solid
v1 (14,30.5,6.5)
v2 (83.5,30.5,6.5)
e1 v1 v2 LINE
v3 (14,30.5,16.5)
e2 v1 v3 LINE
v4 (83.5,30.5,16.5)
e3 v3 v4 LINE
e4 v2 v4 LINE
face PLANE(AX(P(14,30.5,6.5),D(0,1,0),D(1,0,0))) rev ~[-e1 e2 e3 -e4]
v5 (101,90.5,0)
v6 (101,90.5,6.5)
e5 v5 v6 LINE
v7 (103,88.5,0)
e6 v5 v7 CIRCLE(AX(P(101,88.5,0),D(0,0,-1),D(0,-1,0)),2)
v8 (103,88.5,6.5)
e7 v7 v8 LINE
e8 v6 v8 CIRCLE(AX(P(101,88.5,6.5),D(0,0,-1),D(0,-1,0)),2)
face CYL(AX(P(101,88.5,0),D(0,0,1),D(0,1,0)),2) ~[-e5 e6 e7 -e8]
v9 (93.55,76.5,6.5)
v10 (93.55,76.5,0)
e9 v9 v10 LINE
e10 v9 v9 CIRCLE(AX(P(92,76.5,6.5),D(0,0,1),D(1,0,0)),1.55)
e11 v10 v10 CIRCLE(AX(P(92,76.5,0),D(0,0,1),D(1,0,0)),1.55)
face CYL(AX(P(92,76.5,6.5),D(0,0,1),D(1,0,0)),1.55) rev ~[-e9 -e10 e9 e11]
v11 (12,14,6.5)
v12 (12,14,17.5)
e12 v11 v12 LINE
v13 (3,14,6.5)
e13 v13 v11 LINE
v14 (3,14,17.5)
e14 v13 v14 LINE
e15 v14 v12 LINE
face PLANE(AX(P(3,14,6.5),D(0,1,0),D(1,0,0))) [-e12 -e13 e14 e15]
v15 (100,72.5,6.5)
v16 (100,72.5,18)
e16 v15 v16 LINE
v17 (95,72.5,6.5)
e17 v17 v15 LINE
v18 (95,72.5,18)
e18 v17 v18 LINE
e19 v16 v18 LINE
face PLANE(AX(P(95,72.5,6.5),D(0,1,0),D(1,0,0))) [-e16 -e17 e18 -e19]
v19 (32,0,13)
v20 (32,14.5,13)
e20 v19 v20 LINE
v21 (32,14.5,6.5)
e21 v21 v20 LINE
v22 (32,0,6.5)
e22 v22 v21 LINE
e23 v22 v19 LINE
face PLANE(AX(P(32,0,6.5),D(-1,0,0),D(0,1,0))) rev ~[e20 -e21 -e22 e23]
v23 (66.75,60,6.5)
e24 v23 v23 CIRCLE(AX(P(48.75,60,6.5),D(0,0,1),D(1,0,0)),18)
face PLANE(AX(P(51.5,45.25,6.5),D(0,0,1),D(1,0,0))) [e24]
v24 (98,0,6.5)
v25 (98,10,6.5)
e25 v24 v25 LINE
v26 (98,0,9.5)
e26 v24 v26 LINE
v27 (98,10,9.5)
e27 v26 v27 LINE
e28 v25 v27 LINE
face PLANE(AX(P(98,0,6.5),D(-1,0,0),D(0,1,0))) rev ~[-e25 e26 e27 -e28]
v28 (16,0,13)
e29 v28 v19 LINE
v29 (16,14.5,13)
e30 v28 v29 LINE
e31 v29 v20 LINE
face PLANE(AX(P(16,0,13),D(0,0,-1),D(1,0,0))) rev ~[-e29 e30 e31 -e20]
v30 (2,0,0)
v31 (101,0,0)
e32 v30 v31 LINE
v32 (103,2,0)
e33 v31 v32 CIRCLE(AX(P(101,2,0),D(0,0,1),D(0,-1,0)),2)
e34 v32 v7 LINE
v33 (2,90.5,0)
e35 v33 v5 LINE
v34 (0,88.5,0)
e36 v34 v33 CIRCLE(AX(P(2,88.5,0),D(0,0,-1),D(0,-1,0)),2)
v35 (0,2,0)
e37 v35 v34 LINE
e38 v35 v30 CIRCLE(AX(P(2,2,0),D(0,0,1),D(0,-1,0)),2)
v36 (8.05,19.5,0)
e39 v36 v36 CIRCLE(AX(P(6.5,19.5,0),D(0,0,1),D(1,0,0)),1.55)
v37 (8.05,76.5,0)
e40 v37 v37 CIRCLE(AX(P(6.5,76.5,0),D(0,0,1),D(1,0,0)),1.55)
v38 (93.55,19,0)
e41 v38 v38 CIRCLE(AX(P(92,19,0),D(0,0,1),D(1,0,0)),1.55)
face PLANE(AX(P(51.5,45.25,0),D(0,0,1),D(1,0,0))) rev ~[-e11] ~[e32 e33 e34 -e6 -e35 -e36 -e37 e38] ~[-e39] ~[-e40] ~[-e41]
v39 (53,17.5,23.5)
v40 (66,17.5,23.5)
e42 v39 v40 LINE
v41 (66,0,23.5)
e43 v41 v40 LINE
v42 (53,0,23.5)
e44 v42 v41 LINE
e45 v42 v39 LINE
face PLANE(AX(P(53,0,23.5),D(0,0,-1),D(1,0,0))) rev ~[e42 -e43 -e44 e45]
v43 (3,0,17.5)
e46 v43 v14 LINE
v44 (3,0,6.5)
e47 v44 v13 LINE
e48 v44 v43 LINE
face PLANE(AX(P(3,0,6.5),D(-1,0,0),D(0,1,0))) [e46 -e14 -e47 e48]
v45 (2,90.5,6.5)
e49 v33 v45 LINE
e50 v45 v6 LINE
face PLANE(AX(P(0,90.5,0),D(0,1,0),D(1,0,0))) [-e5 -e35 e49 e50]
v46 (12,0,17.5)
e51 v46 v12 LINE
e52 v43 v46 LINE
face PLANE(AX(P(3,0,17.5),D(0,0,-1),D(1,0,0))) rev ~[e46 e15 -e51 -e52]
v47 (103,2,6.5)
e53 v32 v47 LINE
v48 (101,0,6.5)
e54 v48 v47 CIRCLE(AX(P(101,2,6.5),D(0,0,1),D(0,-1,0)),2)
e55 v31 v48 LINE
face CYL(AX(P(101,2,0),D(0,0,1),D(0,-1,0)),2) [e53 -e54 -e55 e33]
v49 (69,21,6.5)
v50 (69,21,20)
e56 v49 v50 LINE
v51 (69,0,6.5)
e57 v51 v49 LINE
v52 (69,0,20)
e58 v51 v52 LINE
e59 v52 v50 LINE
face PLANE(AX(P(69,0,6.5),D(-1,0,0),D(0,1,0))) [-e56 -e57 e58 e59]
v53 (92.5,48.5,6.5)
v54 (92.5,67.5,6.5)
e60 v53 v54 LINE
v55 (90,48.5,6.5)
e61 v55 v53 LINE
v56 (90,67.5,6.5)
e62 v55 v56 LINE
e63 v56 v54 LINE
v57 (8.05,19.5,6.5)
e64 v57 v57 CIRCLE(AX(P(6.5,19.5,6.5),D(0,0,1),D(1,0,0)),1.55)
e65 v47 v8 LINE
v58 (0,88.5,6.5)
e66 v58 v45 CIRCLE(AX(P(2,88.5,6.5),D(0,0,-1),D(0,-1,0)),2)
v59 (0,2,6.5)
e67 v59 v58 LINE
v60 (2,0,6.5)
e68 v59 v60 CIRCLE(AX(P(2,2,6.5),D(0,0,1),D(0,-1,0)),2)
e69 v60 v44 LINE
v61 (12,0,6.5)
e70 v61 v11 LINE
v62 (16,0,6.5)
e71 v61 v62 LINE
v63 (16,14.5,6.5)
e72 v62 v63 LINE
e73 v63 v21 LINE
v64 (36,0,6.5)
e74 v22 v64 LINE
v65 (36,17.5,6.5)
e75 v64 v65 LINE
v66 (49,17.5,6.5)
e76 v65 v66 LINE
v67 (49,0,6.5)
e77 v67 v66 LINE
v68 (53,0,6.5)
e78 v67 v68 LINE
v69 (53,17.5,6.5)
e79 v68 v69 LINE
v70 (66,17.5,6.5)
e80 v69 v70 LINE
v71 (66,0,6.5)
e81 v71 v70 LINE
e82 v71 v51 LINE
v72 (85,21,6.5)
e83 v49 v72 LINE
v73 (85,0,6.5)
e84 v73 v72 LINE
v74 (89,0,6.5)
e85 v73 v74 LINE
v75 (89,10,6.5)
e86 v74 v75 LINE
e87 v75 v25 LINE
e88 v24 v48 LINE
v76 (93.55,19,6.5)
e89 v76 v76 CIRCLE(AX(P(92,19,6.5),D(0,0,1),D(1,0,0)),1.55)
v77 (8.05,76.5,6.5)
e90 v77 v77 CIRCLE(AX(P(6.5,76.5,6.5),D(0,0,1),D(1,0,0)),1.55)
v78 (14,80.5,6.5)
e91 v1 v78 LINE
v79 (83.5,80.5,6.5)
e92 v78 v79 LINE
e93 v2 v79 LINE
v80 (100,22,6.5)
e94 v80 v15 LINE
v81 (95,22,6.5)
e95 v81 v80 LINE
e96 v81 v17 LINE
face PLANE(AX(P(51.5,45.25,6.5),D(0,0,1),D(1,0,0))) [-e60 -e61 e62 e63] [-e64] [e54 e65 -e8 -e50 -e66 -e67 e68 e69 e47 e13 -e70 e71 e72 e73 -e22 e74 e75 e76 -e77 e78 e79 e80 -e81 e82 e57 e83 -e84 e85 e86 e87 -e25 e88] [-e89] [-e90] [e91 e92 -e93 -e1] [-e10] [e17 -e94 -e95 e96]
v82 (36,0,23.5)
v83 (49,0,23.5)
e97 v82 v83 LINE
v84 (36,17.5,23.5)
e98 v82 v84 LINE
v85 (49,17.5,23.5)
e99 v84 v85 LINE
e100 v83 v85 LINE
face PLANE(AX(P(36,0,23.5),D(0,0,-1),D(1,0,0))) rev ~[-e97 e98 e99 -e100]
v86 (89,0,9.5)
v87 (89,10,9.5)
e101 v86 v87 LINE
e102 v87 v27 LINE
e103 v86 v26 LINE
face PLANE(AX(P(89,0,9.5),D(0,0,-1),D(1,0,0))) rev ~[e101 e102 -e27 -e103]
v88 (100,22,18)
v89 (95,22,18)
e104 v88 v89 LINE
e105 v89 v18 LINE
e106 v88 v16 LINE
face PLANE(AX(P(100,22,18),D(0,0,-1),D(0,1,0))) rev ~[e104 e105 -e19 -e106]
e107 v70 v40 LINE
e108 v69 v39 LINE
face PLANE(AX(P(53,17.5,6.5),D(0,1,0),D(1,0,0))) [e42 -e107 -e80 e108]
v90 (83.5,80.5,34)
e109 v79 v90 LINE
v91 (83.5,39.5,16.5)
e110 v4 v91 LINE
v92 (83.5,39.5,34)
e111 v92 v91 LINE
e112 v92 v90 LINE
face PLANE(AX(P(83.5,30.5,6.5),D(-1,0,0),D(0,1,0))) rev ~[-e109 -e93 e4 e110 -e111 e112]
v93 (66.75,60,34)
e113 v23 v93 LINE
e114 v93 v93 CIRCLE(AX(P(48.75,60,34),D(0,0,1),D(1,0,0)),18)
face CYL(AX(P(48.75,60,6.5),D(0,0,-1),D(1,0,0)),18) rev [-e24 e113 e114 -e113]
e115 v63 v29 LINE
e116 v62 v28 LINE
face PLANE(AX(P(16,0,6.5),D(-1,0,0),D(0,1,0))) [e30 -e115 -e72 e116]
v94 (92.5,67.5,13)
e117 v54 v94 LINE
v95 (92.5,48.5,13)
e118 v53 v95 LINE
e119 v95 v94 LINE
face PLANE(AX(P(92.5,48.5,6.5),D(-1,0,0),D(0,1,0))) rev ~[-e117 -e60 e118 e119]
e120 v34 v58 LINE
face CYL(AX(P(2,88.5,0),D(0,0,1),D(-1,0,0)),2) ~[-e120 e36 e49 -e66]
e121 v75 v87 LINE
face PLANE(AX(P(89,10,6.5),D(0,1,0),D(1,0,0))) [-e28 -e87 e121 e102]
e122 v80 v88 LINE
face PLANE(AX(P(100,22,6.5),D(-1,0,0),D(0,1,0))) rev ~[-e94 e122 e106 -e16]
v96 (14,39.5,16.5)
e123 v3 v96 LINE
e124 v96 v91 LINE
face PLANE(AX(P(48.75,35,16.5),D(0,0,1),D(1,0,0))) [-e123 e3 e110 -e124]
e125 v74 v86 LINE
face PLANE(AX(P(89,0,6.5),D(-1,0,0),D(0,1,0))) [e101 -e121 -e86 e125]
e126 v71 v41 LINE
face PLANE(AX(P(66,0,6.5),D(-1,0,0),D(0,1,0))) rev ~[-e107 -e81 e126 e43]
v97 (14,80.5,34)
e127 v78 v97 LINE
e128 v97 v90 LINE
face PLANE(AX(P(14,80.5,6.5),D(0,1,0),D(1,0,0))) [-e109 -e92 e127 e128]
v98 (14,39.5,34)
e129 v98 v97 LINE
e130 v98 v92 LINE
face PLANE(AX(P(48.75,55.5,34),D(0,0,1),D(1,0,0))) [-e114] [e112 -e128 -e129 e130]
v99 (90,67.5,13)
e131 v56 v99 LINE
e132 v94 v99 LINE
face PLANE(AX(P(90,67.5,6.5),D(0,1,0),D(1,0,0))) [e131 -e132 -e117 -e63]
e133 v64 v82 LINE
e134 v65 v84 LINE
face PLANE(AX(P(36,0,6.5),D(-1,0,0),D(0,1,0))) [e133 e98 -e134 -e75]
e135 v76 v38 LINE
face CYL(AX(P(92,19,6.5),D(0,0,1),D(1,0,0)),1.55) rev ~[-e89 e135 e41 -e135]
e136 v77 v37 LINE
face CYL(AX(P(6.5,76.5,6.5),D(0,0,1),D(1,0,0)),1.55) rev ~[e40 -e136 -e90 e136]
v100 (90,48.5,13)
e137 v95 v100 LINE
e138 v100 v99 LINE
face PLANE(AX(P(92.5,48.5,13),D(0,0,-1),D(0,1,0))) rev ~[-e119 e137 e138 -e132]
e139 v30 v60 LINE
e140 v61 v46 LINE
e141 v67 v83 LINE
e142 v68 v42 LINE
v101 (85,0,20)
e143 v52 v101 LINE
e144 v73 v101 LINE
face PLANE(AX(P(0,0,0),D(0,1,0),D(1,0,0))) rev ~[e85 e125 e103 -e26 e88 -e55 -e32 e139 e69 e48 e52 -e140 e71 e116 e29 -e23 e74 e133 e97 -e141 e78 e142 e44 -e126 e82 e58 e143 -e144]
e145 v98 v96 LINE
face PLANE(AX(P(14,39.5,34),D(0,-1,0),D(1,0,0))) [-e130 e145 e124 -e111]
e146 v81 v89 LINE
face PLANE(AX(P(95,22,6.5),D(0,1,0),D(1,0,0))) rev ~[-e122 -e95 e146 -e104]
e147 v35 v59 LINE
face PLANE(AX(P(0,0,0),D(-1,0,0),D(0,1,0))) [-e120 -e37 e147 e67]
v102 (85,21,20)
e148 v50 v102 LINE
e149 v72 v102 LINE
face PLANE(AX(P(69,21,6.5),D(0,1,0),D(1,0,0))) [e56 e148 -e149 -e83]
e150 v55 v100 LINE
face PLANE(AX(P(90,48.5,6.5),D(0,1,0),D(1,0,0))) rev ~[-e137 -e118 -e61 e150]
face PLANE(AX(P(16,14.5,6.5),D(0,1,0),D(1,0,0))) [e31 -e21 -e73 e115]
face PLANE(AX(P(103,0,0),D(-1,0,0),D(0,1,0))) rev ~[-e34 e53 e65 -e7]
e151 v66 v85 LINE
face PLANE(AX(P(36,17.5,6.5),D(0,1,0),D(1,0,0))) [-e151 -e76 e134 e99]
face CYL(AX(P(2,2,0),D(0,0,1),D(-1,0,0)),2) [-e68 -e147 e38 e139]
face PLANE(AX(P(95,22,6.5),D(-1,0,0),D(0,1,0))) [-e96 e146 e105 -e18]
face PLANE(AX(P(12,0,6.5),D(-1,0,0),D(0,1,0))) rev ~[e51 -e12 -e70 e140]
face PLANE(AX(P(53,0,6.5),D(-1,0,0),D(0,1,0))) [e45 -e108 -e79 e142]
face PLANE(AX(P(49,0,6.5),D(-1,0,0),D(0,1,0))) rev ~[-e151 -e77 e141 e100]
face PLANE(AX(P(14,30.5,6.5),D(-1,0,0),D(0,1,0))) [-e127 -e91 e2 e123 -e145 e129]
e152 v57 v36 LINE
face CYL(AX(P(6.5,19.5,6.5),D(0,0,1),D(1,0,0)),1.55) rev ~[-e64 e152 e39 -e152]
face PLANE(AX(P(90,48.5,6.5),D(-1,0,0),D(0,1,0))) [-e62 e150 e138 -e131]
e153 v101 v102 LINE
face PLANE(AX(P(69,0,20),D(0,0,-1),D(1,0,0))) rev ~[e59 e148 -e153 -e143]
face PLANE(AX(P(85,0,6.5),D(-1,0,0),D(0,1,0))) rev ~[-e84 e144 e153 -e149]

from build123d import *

# Parameters (mm, degrees)
SKETCH_1_W          = 103
SKETCH_1_H          = 90.5
EXTRUDE_1_DEPTH     = 6.5
SKETCH_2_W          = 9
SKETCH_2_H          = 14
SKETCH_2_W_2        = 16
SKETCH_2_H_2        = 14.5
SKETCH_2_W_3        = 13
SKETCH_2_H_3        = 17.5
SKETCH_2_H_4        = 21
SKETCH_2_H_5        = 10
SKETCH_2_W_4        = 69.5
SKETCH_2_H_6        = 50
SKETCH_2_R          = 18
SKETCH_2_W_5        = 2.5
SKETCH_2_H_7        = 19
SKETCH_2_W_6        = 5
SKETCH_2_H_8        = 50.5
EXTRUDE_2_DEPTH     = 27.5
CUT_EXTRUDE_1_REACH = 143.263
SKETCH_3_W          = 9
SKETCH_3_H          = 16.5
SKETCH_3_W_2        = 16
SKETCH_3_H_2        = 21
SKETCH_3_W_3        = 13
SKETCH_3_H_3        = 10.5
SKETCH_3_H_4        = 14
SKETCH_3_H_5        = 24.5
SKETCH_4_W          = 69.5
SKETCH_4_H          = 9
CUT_EXTRUDE_2_DEPTH = 17.5
SKETCH_5_R          = 1.55
CUT_EXTRUDE_3_DEPTH = 140.840981118
CUT_EXTRUDE_4_REACH = 135.8
SKETCH_6_W          = 21
SKETCH_6_H          = 19
CUT_EXTRUDE_5_REACH = 141.091
SKETCH_7_W          = 16
SKETCH_7_H          = 50.5
FILLET_1_R          = 2


with BuildPart() as part:
    # 草图1 → 凸台-拉伸1 (new body)
    with BuildSketch(Plane.XY):
        with Locations((51.5, 45.25)):
            Rectangle(SKETCH_1_W, SKETCH_1_H)
    extrude(amount=EXTRUDE_1_DEPTH)

    # 草图2 → 凸台-拉伸2 (add)
    # profile 1 of 9: a face of its own
    with BuildSketch(Plane.XY.offset(6.5)):
        with Locations((7.5, 7)):
            Rectangle(SKETCH_2_W, SKETCH_2_H)
    # profile 2 of 9: a face of its own
    with BuildSketch(Plane.XY.offset(6.5)):
        with Locations((24, 7.25)):
            Rectangle(SKETCH_2_W_2, SKETCH_2_H_2)
    # profile 3 of 9: a face of its own
    with BuildSketch(Plane.XY.offset(6.5)):
        with Locations((42.5, 8.75)):
            Rectangle(SKETCH_2_W_3, SKETCH_2_H_3)
    # profile 4 of 9: a face of its own
    with BuildSketch(Plane.XY.offset(6.5)):
        with Locations((59.5, 8.75)):
            Rectangle(SKETCH_2_W_3, SKETCH_2_H_3)
    # profile 5 of 9: a face of its own
    with BuildSketch(Plane.XY.offset(6.5)):
        with Locations((77, 10.5)):
            Rectangle(SKETCH_2_W_2, SKETCH_2_H_4)
    # profile 6 of 9: a face of its own
    with BuildSketch(Plane.XY.offset(6.5)):
        with Locations((93.5, 5)):
            Rectangle(SKETCH_2_W, SKETCH_2_H_5)
    # profile 7 of 9: a face of its own
    with BuildSketch(Plane.XY.offset(6.5)):
        with Locations((48.75, 55.5)):
            Rectangle(SKETCH_2_W_4, SKETCH_2_H_6)
        with Locations((48.75, 60)):
            Circle(SKETCH_2_R, mode=Mode.SUBTRACT)
    # profile 8 of 9: a face of its own
    with BuildSketch(Plane.XY.offset(6.5)):
        with Locations((91.25, 58)):
            Rectangle(SKETCH_2_W_5, SKETCH_2_H_7)
    # profile 9 of 9: a face of its own
    with BuildSketch(Plane.XY.offset(6.5)):
        with Locations((97.5, 47.25)):
            Rectangle(SKETCH_2_W_6, SKETCH_2_H_8)
    extrude(amount=EXTRUDE_2_DEPTH)

    # 草图3 → 切除-拉伸1 (cut, up to next)
    with BuildSketch(Plane.XZ, mode=Mode.PRIVATE) as cut_extrude_1_sk1:
        with Locations((7.5, 25.75)):
            Rectangle(SKETCH_3_W, SKETCH_3_H)
    cut_extrude_1_tool1 = extrude(cut_extrude_1_sk1.sketch, amount=-CUT_EXTRUDE_1_REACH, mode=Mode.PRIVATE) & part.part
    # 草图3 → 切除-拉伸1 (cut, up to next)
    with BuildSketch(Plane.XZ, mode=Mode.PRIVATE) as cut_extrude_1_sk2:
        with Locations((24, 23.5)):
            Rectangle(SKETCH_3_W_2, SKETCH_3_H_2)
    cut_extrude_1_tool2 = extrude(cut_extrude_1_sk2.sketch, amount=-CUT_EXTRUDE_1_REACH, mode=Mode.PRIVATE) & part.part
    # 草图3 → 切除-拉伸1 (cut, up to next)
    with BuildSketch(Plane.XZ, mode=Mode.PRIVATE) as cut_extrude_1_sk3:
        with Locations((42.5, 28.75)):
            Rectangle(SKETCH_3_W_3, SKETCH_3_H_3)
    cut_extrude_1_tool3 = extrude(cut_extrude_1_sk3.sketch, amount=-CUT_EXTRUDE_1_REACH, mode=Mode.PRIVATE) & part.part
    # 草图3 → 切除-拉伸1 (cut, up to next)
    with BuildSketch(Plane.XZ, mode=Mode.PRIVATE) as cut_extrude_1_sk4:
        with Locations((59.5, 28.75)):
            Rectangle(SKETCH_3_W_3, SKETCH_3_H_3)
    cut_extrude_1_tool4 = extrude(cut_extrude_1_sk4.sketch, amount=-CUT_EXTRUDE_1_REACH, mode=Mode.PRIVATE) & part.part
    # 草图3 → 切除-拉伸1 (cut, up to next)
    with BuildSketch(Plane.XZ, mode=Mode.PRIVATE) as cut_extrude_1_sk5:
        with Locations((77, 27)):
            Rectangle(SKETCH_3_W_2, SKETCH_3_H_4)
    cut_extrude_1_tool5 = extrude(cut_extrude_1_sk5.sketch, amount=-CUT_EXTRUDE_1_REACH, mode=Mode.PRIVATE) & part.part
    # 草图3 → 切除-拉伸1 (cut, up to next)
    with BuildSketch(Plane.XZ, mode=Mode.PRIVATE) as cut_extrude_1_sk6:
        with Locations((93.5, 21.75)):
            Rectangle(SKETCH_3_W, SKETCH_3_H_5)
    cut_extrude_1_tool6 = extrude(cut_extrude_1_sk6.sketch, amount=-CUT_EXTRUDE_1_REACH, mode=Mode.PRIVATE) & part.part
    add(cut_extrude_1_tool1.solids().sort_by_distance((7.5, 0, 25.75))[0], mode=Mode.SUBTRACT)
    add(cut_extrude_1_tool2.solids().sort_by_distance((24, 0, 23.5))[0], mode=Mode.SUBTRACT)
    add(cut_extrude_1_tool3.solids().sort_by_distance((42.5, 0, 28.75))[0], mode=Mode.SUBTRACT)
    add(cut_extrude_1_tool4.solids().sort_by_distance((59.5, 0, 28.75))[0], mode=Mode.SUBTRACT)
    add(cut_extrude_1_tool5.solids().sort_by_distance((77, 0, 27))[0], mode=Mode.SUBTRACT)
    add(cut_extrude_1_tool6.solids().sort_by_distance((93.5, 0, 21.75))[0], mode=Mode.SUBTRACT)

    # 草图4 → 切除-拉伸2 (cut)
    with BuildSketch(Plane.XY.offset(34)):
        with Locations((48.75, 35)):
            Rectangle(SKETCH_4_W, SKETCH_4_H)
    extrude(amount=-CUT_EXTRUDE_2_DEPTH, mode=Mode.SUBTRACT)

    # 草图5 → 切除-拉伸3 (cut, through all)
    with BuildSketch(Plane.XY.offset(6.5)):
        with Locations((92, 19)):
            Circle(SKETCH_5_R)
        with Locations((92, 76.5)):
            Circle(SKETCH_5_R)
        with Locations((6.5, 76.5)):
            Circle(SKETCH_5_R)
        with Locations((6.5, 19.5)):
            Circle(SKETCH_5_R)
    extrude(amount=-CUT_EXTRUDE_3_DEPTH, mode=Mode.SUBTRACT)

    # 草图6 → 切除-拉伸4 (cut, up to next)
    with BuildSketch(Plane(origin=(92.5, 0, 0), x_dir=(0, 0, -1), z_dir=(1, 0, 0)), mode=Mode.PRIVATE) as cut_extrude_4_sk1:
        with Locations((-23.5, 58)):
            Rectangle(SKETCH_6_W, SKETCH_6_H)
    cut_extrude_4_tool1 = extrude(cut_extrude_4_sk1.sketch, amount=-CUT_EXTRUDE_4_REACH, mode=Mode.PRIVATE) & part.part
    add(cut_extrude_4_tool1.solids().sort_by_distance((92.5, 58, 23.5))[0], mode=Mode.SUBTRACT)

    # 草图7 → 切除-拉伸5 (cut, up to next)
    with BuildSketch(Plane(origin=(100, 0, 0), x_dir=(0, 0, -1), z_dir=(1, 0, 0)), mode=Mode.PRIVATE) as cut_extrude_5_sk1:
        with Locations((-26, 47.25)):
            Rectangle(SKETCH_7_W, SKETCH_7_H)
    cut_extrude_5_tool1 = extrude(cut_extrude_5_sk1.sketch, amount=-CUT_EXTRUDE_5_REACH, mode=Mode.PRIVATE) & part.part
    add(cut_extrude_5_tool1.solids().sort_by_distance((100, 47.25, 26))[0], mode=Mode.SUBTRACT)

    # 圆角1
    fillet_1_edges = [part.edges().sort_by_distance(p)[0] for p in [
        (0, 90.5, 3.25),
        (103, 90.5, 3.25),
        (103, 0, 3.25),
        (0, 0, 3.25),
    ]]
    fillet(fillet_1_edges, radius=FILLET_1_R)


solid = part.part
